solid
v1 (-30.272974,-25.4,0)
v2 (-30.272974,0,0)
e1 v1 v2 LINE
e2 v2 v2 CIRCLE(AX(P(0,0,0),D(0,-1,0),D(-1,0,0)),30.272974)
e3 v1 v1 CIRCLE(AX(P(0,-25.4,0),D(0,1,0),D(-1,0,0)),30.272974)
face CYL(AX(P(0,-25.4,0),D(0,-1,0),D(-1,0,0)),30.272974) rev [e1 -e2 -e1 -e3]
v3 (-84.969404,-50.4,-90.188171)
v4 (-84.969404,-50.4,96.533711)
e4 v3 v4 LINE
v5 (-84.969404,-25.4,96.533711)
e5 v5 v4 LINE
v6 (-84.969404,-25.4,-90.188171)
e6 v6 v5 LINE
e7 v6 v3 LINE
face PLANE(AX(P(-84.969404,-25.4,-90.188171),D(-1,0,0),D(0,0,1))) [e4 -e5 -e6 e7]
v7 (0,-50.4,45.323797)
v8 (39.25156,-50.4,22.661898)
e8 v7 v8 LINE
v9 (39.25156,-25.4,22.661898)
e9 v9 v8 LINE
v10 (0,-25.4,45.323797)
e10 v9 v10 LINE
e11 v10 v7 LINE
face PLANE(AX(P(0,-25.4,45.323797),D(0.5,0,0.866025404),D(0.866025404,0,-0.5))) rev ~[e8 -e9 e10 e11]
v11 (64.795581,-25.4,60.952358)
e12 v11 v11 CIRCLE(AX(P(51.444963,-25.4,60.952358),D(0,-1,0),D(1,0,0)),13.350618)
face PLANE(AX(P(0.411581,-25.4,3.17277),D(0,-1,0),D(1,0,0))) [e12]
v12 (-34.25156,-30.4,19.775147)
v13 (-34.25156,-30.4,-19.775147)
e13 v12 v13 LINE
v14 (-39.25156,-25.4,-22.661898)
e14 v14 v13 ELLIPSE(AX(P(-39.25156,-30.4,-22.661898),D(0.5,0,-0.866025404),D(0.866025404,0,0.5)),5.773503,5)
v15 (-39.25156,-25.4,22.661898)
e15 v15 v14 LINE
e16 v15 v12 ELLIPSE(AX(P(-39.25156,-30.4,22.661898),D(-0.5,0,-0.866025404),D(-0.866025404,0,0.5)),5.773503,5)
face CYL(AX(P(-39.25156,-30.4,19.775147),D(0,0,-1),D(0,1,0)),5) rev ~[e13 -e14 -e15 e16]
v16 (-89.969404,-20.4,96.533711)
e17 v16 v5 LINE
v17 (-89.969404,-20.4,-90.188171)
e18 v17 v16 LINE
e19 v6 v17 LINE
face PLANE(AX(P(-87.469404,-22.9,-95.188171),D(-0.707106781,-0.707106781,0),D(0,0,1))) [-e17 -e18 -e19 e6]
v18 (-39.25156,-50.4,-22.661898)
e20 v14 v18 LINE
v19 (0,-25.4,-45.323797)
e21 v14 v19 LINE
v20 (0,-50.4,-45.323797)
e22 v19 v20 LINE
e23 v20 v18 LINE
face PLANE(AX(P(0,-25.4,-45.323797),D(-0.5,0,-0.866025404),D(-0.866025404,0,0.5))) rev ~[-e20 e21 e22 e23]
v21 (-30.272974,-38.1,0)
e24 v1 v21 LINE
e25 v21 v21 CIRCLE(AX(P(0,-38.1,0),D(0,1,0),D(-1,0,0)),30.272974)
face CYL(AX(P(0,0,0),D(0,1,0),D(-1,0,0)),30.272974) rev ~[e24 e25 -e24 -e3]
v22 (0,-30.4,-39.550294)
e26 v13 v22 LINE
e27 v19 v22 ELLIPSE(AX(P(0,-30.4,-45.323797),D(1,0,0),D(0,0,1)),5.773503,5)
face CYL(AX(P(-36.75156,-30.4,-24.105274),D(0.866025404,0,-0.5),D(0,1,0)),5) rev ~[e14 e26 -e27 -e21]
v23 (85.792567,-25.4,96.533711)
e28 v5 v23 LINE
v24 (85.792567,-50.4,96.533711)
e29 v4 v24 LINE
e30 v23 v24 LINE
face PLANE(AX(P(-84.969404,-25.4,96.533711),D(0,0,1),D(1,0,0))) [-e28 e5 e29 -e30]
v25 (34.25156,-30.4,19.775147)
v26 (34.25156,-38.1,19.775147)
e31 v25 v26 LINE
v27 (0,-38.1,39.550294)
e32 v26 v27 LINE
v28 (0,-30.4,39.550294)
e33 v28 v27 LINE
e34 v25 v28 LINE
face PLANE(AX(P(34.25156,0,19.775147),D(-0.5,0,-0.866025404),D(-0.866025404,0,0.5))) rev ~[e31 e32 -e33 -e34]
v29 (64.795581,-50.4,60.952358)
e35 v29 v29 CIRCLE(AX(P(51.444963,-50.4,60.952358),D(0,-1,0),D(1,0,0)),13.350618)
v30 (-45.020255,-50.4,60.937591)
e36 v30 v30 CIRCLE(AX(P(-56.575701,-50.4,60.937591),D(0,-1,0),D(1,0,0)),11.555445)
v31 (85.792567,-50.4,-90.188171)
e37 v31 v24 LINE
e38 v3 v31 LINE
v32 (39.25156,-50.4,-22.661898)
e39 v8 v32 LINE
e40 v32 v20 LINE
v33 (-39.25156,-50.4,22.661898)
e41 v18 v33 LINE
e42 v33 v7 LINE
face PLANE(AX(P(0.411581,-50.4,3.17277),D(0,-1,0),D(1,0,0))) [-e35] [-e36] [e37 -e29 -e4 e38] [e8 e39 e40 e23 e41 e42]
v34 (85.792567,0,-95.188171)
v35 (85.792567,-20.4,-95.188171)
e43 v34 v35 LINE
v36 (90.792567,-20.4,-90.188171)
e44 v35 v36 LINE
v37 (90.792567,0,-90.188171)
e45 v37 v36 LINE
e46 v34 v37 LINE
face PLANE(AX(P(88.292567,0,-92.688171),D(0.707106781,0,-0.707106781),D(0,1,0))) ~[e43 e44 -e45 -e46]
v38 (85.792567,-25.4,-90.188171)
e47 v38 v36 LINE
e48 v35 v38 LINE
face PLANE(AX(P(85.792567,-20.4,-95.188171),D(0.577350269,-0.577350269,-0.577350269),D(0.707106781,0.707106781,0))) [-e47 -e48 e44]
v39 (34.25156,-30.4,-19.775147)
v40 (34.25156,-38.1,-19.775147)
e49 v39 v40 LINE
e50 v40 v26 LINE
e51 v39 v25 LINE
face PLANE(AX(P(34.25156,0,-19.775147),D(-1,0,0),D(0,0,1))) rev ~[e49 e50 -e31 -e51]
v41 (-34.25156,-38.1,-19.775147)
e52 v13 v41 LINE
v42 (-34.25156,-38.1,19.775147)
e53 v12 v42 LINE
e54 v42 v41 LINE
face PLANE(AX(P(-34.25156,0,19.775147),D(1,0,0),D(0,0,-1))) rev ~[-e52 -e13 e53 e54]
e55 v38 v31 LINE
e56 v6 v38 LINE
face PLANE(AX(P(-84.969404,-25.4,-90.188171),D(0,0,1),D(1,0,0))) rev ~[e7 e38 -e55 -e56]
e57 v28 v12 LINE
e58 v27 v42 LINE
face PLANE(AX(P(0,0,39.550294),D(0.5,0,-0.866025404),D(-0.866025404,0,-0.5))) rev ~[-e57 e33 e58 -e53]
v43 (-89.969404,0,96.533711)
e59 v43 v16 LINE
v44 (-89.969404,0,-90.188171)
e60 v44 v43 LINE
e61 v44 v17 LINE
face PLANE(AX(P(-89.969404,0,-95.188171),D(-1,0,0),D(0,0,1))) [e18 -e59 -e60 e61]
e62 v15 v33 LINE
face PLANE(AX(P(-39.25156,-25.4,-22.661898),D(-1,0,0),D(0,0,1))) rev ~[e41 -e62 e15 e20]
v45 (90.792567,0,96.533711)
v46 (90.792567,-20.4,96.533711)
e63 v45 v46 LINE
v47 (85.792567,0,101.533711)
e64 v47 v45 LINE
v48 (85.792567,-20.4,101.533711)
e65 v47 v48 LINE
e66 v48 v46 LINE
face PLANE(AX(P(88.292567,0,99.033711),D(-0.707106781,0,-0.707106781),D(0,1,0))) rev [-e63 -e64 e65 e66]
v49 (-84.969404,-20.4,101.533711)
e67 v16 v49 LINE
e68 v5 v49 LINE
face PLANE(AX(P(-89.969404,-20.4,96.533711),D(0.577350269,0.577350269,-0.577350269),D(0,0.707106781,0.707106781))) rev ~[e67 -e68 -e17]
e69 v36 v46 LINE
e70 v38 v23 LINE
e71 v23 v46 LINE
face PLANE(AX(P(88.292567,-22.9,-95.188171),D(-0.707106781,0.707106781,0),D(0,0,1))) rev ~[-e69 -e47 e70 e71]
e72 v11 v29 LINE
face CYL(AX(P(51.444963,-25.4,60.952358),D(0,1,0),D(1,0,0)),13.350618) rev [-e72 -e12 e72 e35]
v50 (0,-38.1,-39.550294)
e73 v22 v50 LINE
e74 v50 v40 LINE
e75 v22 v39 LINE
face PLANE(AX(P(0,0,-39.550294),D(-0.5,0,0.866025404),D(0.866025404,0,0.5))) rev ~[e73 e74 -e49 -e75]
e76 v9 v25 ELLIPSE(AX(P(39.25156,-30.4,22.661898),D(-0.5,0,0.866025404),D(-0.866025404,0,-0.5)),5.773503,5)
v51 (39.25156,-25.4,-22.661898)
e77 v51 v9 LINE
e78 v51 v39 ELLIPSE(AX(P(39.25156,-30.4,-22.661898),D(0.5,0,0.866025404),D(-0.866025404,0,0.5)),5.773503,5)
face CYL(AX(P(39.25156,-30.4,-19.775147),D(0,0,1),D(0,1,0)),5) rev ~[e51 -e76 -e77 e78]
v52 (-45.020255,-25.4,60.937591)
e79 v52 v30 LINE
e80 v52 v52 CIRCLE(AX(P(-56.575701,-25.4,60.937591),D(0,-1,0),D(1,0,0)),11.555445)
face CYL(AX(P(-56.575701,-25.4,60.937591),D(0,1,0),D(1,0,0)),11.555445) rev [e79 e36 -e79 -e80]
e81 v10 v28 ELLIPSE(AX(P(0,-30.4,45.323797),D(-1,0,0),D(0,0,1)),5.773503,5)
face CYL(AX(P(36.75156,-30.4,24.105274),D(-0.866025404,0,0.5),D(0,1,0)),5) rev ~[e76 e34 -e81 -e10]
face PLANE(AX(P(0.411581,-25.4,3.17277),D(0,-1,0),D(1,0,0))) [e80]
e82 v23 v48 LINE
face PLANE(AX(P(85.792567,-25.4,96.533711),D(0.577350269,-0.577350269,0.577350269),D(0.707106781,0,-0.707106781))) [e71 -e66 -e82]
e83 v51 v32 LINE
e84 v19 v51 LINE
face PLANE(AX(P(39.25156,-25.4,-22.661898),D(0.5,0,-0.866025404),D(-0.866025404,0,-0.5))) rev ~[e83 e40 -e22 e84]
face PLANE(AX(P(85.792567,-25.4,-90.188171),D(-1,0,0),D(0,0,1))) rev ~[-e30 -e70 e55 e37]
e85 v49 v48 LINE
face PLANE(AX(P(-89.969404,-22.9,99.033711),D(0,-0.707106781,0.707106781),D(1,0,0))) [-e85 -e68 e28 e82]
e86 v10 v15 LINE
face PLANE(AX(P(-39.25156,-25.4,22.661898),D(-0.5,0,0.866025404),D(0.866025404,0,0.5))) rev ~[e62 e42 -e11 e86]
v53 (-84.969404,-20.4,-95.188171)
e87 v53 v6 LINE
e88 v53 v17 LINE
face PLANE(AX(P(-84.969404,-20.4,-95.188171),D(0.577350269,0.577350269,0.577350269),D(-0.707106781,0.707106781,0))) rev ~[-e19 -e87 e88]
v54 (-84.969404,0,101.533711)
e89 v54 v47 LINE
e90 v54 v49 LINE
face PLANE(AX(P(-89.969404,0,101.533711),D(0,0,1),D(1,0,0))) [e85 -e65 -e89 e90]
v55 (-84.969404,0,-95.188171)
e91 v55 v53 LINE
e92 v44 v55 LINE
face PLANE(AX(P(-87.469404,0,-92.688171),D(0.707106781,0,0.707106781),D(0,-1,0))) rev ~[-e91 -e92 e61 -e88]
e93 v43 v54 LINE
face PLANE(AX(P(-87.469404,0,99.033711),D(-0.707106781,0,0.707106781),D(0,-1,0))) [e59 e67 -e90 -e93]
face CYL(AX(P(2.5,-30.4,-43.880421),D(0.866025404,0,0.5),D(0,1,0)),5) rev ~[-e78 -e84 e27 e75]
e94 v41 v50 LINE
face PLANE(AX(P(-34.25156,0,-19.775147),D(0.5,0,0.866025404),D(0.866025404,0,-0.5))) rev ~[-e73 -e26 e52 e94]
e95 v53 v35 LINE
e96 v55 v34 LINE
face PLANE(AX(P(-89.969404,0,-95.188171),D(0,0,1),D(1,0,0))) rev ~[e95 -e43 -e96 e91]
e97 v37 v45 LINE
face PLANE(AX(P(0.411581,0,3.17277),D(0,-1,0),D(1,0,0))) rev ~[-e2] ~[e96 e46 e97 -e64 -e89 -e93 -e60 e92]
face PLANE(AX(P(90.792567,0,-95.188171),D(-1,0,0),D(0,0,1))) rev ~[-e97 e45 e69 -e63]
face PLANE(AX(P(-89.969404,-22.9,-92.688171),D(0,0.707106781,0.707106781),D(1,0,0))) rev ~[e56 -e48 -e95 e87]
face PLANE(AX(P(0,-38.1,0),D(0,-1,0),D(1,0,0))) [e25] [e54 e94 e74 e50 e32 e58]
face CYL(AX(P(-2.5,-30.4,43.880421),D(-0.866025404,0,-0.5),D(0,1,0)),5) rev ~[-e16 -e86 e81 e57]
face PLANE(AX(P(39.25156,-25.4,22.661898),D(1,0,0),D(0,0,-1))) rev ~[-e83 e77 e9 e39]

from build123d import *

# Parameters (mm, degrees)
F1_DEPTH  = 38.1
F3_R      = 30.2729737571
F4_DEPTH  = 94.742
F5_W      = 180.7619705796
F5_H      = 196.721881628
F6_DEPTH  = 25.4
F7_DEPTH  = 107.1100030094
F8_R      = 5
F9_SIZE   = 5
F11_W     = 170.7619705796
F11_H     = 186.721881628
F11_R     = 11.555445332
F11_R_2   = 13.3506180186
F12_DEPTH = 25


with BuildPart() as f1:
    # F0 (on Front) → F1 (new body)
    with BuildSketch(Plane.XZ):
        Polygon((34.2515595257, -19.7751471123), (34.2515595257, 19.7751471123), (0, 39.5502942247), (-34.2515595257, 19.7751471123), (-34.2515595257, -19.7751471123), (0, -39.5502942247), align=None)
    extrude(amount=F1_DEPTH)

    # F3 (on face) → F4 (cut)
    with BuildSketch(Plane(origin=(0, 0, 0), x_dir=(-1, 0, 0), z_dir=(0, 1, 0))):
        Circle(F3_R)
    extrude(amount=-F4_DEPTH, mode=Mode.SUBTRACT)

    # F5 (on Front) → F6 (join)
    with BuildSketch(Plane.XZ):
        with Locations((0.411581248, 3.1727701426)):
            Rectangle(F5_W, F5_H)
    extrude(amount=F6_DEPTH)

    # F7 (cut): a face of the model
    f7_faces = [f1.faces().sort_by_distance(p)[0] for p in [
        (0, -25.4, 0),
    ]]
    extrude(f7_faces, amount=-F7_DEPTH, mode=Mode.SUBTRACT)

    # F8
    f8_edges = [f1.edges().sort_by_distance(p)[0] for p in [
        (17.12578, -25.4, 29.662721),
        (-17.12578, -25.4, 29.662721),
        (34.25156, -25.4, 0),
        (17.12578, -25.4, -29.662721),
        (-17.12578, -25.4, -29.662721),
        (-34.25156, -25.4, 0),
    ]]
    fillet(f8_edges, radius=F8_R)

    # F9
    f9_edges = [f1.edges().sort_by_distance(p)[0] for p in [
        (90.792567, -12.7, 101.533711),
        (19.62578, -25.4, 33.992848),
        (39.25156, -25.4, 0),
        (-19.62578, -25.4, 33.992848),
        (19.62578, -25.4, -33.992848),
        (-39.25156, -25.4, 0),
        (-19.62578, -25.4, -33.992848),
        (0.411581, -25.4, 101.533711),
        (90.792567, -25.4, 3.17277),
        (-89.969404, -25.4, 3.17277),
        (0.411581, -25.4, -95.188171),
        (-89.969404, -12.7, 101.533711),
        (-89.969404, -12.7, -95.188171),
        (90.792567, -12.7, -95.188171),
    ]]
    chamfer(f9_edges, length=F9_SIZE)

    # F11 (on face) → F12 (join)
    with BuildSketch(Plane.XZ.offset(25.4)):
        with Locations((0.411581248, 3.1727701426)):
            Rectangle(F11_W, F11_H)
        Polygon((-39.2515595257, -22.6618984583), (-39.2515595257, 22.6618984583), (0, 45.3237969166), (39.2515595257, 22.6618984583), (39.2515595257, -22.6618984583), (0, -45.3237969166), align=None, mode=Mode.SUBTRACT)
        with Locations((-56.5757006407, 60.9375908971)):
            Circle(F11_R, mode=Mode.SUBTRACT)
        with Locations((51.4449626207, 60.9523579478)):
            Circle(F11_R_2, mode=Mode.SUBTRACT)
    extrude(amount=F12_DEPTH)


solid = f1.part
